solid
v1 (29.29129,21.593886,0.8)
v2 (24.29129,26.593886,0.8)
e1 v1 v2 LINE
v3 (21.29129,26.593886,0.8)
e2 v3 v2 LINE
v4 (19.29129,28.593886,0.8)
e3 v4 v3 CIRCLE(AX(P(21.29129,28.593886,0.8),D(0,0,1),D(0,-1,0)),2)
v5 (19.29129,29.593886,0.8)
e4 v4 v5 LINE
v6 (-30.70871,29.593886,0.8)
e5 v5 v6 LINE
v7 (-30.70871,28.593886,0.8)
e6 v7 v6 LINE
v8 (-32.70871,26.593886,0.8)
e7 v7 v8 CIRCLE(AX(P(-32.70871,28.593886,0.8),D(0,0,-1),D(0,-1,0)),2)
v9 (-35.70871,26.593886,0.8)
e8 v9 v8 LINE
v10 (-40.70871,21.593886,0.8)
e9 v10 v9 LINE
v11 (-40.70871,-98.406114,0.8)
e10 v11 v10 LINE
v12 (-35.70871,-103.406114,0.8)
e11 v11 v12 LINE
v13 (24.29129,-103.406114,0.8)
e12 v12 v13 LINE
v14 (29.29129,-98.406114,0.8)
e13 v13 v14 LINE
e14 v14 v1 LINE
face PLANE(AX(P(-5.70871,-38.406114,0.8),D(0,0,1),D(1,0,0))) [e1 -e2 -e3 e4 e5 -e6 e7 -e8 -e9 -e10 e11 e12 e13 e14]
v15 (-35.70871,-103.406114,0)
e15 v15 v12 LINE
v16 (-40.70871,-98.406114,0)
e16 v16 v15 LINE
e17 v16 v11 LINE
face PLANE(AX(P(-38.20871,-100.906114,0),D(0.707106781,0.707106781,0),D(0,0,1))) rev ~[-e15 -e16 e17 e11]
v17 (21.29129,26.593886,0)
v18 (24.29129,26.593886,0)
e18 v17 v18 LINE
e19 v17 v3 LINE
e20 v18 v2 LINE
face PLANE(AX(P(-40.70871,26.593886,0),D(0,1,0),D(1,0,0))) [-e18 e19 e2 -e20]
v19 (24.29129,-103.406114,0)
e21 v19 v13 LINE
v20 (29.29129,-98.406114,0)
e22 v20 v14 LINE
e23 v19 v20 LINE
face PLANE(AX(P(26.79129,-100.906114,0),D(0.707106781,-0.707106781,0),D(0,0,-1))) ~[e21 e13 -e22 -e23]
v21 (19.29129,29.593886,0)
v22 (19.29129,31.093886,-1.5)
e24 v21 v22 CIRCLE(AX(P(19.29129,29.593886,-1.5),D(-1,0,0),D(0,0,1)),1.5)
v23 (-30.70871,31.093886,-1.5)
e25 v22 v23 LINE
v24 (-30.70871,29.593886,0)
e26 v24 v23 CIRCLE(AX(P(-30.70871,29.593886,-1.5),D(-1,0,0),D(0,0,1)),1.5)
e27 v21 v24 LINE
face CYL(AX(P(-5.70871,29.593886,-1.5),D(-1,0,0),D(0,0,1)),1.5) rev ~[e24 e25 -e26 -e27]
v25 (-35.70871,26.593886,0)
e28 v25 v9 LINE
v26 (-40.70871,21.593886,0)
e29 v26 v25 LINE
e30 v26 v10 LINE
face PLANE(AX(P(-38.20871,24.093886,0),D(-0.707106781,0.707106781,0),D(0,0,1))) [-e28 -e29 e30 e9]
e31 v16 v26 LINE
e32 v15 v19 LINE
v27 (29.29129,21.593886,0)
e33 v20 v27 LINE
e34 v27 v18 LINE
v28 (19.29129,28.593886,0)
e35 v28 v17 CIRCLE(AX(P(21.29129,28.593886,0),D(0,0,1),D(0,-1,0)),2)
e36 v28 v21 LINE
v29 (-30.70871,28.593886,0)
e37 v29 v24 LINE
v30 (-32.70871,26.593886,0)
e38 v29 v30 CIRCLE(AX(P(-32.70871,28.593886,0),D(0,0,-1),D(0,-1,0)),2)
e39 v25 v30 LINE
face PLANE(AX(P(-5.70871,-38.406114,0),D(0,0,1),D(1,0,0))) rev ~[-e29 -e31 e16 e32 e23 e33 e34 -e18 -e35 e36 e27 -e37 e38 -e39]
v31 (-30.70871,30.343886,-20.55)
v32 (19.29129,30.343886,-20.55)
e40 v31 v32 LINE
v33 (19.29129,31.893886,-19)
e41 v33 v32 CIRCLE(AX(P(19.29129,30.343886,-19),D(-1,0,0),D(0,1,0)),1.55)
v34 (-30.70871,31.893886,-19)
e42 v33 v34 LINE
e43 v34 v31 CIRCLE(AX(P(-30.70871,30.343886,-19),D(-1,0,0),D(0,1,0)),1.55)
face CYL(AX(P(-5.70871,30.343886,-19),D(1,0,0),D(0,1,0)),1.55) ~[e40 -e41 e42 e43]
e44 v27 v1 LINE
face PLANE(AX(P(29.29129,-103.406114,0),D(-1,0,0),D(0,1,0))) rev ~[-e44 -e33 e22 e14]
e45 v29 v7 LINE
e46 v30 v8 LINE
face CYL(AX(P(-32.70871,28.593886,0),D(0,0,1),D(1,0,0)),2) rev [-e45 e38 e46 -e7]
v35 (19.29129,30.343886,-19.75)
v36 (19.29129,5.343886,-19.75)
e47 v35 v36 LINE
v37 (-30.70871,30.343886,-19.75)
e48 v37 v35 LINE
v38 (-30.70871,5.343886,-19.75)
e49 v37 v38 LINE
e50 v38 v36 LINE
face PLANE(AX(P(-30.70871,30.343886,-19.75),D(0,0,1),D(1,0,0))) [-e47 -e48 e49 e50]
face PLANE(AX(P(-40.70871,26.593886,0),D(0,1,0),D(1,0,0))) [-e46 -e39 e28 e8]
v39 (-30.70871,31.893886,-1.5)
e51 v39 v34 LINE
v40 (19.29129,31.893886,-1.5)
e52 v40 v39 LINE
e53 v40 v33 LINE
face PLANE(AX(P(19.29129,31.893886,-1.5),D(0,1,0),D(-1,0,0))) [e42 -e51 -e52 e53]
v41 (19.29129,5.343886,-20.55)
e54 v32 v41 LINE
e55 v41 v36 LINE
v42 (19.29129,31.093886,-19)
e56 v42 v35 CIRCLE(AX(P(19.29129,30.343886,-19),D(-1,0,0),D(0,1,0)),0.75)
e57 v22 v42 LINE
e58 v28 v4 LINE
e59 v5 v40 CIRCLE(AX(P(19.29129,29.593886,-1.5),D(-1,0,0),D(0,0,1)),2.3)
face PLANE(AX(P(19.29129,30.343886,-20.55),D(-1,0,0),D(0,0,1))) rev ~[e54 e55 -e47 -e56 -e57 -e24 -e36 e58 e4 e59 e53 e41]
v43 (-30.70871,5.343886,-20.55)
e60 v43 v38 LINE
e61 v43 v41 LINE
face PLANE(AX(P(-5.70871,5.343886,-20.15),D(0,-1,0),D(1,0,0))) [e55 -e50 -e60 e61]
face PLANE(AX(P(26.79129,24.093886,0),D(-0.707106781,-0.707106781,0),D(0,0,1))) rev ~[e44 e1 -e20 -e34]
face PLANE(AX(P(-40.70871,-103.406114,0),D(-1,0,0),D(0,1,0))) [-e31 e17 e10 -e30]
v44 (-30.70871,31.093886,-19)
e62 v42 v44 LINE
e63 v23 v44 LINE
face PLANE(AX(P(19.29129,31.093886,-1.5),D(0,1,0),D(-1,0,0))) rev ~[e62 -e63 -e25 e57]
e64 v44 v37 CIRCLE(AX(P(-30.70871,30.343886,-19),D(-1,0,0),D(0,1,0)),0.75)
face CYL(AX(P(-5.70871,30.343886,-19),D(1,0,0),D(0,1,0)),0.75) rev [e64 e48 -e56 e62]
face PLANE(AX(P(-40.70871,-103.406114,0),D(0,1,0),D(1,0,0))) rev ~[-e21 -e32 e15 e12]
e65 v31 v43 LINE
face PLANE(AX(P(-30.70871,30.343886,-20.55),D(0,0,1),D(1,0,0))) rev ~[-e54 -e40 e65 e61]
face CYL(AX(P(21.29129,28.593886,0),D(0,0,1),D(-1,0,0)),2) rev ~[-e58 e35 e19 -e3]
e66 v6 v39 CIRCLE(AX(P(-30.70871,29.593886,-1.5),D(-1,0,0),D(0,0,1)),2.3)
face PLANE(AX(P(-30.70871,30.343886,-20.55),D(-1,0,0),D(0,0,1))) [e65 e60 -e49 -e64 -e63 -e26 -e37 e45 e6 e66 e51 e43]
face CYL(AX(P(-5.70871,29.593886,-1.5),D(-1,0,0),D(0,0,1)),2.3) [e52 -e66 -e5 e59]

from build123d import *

# Parameters (mm, degrees)
F0_W      = 70
F0_H      = 130
F1_DEPTH  = 0.8
F2_SIZE   = 5
F3_W      = 50
F3_H      = 0.8
F4_DEPTH  = 3
F5_W      = 50
F5_H      = 0.8
F6_ANGLE  = 90
F7_DEPTH  = 17.5
F8_W      = 50
F8_H      = 0.8
F9_ANGLE  = 90
F10_DEPTH = 25
F11_R     = 2


with BuildPart() as f1:
    # F0 (on Top) → F1 (new body)
    with BuildSketch(Plane.XY):
        with Locations((-5.7087102905, -38.4061143195)):
            Rectangle(F0_W, F0_H)
    extrude(amount=F1_DEPTH)

    # F2
    f2_edges = [f1.edges().sort_by_distance(p)[0] for p in [
        (-40.70871, -103.406114, 0.4),
        (29.29129, -103.406114, 0.4),
        (29.29129, 26.593886, 0.4),
        (-40.70871, 26.593886, 0.4),
    ]]
    chamfer(f2_edges, length=F2_SIZE)

    # F3 (on face) → F4 (join)
    with BuildSketch(Plane(origin=(0, 26.5938856805, 0), x_dir=(-1, 0, 0), z_dir=(0, 1, 0))):
        with Locations((5.7087102905, 0.4)):
            Rectangle(F3_W, F3_H)
    extrude(amount=F4_DEPTH)

    # F5 (on face) → F6 (revolve)
    with BuildSketch(Plane(origin=(0, 29.5938856805, 0), x_dir=(-1, 0, 0), z_dir=(0, 1, 0))):
        with Locations((5.7087102905, 0.4)):
            Rectangle(F5_W, F5_H)
    revolve(axis=Axis((-7.0197554305, 29.5938856805, -1.5), (-1, 0, 0)), revolution_arc=F6_ANGLE)

    # F7 (add): a face of the model
    f7_faces = [f1.faces().sort_by_distance(p)[0] for p in [
        (-5.7087102905, 31.4938856805, -1.5),
    ]]
    extrude(f7_faces, amount=F7_DEPTH)

    # F8 (on face) → F9 (revolve)
    with BuildSketch(Plane(origin=(0, 0, -19), x_dir=(1, 0, 0), z_dir=(0, 0, -1))):
        with Locations((-5.7087102905, -31.4938856805)):
            Rectangle(F8_W, F8_H)
    revolve(axis=Axis((-5.6677348912, 30.3438856805, -19), (-1, 0, 0)), revolution_arc=F9_ANGLE)

    # F10 (add): a face of the model
    f10_faces = [f1.faces().sort_by_distance(p)[0] for p in [
        (-5.7087102905, 30.3438856805, -20.15),
    ]]
    extrude(f10_faces, amount=F10_DEPTH)

    # F11
    f11_edges = [f1.edges().sort_by_distance(p)[0] for p in [
        (-30.70871, 26.593886, 0.4),
        (19.29129, 26.593886, 0.4),
    ]]
    fillet(f11_edges, radius=F11_R)


solid = f1.part
